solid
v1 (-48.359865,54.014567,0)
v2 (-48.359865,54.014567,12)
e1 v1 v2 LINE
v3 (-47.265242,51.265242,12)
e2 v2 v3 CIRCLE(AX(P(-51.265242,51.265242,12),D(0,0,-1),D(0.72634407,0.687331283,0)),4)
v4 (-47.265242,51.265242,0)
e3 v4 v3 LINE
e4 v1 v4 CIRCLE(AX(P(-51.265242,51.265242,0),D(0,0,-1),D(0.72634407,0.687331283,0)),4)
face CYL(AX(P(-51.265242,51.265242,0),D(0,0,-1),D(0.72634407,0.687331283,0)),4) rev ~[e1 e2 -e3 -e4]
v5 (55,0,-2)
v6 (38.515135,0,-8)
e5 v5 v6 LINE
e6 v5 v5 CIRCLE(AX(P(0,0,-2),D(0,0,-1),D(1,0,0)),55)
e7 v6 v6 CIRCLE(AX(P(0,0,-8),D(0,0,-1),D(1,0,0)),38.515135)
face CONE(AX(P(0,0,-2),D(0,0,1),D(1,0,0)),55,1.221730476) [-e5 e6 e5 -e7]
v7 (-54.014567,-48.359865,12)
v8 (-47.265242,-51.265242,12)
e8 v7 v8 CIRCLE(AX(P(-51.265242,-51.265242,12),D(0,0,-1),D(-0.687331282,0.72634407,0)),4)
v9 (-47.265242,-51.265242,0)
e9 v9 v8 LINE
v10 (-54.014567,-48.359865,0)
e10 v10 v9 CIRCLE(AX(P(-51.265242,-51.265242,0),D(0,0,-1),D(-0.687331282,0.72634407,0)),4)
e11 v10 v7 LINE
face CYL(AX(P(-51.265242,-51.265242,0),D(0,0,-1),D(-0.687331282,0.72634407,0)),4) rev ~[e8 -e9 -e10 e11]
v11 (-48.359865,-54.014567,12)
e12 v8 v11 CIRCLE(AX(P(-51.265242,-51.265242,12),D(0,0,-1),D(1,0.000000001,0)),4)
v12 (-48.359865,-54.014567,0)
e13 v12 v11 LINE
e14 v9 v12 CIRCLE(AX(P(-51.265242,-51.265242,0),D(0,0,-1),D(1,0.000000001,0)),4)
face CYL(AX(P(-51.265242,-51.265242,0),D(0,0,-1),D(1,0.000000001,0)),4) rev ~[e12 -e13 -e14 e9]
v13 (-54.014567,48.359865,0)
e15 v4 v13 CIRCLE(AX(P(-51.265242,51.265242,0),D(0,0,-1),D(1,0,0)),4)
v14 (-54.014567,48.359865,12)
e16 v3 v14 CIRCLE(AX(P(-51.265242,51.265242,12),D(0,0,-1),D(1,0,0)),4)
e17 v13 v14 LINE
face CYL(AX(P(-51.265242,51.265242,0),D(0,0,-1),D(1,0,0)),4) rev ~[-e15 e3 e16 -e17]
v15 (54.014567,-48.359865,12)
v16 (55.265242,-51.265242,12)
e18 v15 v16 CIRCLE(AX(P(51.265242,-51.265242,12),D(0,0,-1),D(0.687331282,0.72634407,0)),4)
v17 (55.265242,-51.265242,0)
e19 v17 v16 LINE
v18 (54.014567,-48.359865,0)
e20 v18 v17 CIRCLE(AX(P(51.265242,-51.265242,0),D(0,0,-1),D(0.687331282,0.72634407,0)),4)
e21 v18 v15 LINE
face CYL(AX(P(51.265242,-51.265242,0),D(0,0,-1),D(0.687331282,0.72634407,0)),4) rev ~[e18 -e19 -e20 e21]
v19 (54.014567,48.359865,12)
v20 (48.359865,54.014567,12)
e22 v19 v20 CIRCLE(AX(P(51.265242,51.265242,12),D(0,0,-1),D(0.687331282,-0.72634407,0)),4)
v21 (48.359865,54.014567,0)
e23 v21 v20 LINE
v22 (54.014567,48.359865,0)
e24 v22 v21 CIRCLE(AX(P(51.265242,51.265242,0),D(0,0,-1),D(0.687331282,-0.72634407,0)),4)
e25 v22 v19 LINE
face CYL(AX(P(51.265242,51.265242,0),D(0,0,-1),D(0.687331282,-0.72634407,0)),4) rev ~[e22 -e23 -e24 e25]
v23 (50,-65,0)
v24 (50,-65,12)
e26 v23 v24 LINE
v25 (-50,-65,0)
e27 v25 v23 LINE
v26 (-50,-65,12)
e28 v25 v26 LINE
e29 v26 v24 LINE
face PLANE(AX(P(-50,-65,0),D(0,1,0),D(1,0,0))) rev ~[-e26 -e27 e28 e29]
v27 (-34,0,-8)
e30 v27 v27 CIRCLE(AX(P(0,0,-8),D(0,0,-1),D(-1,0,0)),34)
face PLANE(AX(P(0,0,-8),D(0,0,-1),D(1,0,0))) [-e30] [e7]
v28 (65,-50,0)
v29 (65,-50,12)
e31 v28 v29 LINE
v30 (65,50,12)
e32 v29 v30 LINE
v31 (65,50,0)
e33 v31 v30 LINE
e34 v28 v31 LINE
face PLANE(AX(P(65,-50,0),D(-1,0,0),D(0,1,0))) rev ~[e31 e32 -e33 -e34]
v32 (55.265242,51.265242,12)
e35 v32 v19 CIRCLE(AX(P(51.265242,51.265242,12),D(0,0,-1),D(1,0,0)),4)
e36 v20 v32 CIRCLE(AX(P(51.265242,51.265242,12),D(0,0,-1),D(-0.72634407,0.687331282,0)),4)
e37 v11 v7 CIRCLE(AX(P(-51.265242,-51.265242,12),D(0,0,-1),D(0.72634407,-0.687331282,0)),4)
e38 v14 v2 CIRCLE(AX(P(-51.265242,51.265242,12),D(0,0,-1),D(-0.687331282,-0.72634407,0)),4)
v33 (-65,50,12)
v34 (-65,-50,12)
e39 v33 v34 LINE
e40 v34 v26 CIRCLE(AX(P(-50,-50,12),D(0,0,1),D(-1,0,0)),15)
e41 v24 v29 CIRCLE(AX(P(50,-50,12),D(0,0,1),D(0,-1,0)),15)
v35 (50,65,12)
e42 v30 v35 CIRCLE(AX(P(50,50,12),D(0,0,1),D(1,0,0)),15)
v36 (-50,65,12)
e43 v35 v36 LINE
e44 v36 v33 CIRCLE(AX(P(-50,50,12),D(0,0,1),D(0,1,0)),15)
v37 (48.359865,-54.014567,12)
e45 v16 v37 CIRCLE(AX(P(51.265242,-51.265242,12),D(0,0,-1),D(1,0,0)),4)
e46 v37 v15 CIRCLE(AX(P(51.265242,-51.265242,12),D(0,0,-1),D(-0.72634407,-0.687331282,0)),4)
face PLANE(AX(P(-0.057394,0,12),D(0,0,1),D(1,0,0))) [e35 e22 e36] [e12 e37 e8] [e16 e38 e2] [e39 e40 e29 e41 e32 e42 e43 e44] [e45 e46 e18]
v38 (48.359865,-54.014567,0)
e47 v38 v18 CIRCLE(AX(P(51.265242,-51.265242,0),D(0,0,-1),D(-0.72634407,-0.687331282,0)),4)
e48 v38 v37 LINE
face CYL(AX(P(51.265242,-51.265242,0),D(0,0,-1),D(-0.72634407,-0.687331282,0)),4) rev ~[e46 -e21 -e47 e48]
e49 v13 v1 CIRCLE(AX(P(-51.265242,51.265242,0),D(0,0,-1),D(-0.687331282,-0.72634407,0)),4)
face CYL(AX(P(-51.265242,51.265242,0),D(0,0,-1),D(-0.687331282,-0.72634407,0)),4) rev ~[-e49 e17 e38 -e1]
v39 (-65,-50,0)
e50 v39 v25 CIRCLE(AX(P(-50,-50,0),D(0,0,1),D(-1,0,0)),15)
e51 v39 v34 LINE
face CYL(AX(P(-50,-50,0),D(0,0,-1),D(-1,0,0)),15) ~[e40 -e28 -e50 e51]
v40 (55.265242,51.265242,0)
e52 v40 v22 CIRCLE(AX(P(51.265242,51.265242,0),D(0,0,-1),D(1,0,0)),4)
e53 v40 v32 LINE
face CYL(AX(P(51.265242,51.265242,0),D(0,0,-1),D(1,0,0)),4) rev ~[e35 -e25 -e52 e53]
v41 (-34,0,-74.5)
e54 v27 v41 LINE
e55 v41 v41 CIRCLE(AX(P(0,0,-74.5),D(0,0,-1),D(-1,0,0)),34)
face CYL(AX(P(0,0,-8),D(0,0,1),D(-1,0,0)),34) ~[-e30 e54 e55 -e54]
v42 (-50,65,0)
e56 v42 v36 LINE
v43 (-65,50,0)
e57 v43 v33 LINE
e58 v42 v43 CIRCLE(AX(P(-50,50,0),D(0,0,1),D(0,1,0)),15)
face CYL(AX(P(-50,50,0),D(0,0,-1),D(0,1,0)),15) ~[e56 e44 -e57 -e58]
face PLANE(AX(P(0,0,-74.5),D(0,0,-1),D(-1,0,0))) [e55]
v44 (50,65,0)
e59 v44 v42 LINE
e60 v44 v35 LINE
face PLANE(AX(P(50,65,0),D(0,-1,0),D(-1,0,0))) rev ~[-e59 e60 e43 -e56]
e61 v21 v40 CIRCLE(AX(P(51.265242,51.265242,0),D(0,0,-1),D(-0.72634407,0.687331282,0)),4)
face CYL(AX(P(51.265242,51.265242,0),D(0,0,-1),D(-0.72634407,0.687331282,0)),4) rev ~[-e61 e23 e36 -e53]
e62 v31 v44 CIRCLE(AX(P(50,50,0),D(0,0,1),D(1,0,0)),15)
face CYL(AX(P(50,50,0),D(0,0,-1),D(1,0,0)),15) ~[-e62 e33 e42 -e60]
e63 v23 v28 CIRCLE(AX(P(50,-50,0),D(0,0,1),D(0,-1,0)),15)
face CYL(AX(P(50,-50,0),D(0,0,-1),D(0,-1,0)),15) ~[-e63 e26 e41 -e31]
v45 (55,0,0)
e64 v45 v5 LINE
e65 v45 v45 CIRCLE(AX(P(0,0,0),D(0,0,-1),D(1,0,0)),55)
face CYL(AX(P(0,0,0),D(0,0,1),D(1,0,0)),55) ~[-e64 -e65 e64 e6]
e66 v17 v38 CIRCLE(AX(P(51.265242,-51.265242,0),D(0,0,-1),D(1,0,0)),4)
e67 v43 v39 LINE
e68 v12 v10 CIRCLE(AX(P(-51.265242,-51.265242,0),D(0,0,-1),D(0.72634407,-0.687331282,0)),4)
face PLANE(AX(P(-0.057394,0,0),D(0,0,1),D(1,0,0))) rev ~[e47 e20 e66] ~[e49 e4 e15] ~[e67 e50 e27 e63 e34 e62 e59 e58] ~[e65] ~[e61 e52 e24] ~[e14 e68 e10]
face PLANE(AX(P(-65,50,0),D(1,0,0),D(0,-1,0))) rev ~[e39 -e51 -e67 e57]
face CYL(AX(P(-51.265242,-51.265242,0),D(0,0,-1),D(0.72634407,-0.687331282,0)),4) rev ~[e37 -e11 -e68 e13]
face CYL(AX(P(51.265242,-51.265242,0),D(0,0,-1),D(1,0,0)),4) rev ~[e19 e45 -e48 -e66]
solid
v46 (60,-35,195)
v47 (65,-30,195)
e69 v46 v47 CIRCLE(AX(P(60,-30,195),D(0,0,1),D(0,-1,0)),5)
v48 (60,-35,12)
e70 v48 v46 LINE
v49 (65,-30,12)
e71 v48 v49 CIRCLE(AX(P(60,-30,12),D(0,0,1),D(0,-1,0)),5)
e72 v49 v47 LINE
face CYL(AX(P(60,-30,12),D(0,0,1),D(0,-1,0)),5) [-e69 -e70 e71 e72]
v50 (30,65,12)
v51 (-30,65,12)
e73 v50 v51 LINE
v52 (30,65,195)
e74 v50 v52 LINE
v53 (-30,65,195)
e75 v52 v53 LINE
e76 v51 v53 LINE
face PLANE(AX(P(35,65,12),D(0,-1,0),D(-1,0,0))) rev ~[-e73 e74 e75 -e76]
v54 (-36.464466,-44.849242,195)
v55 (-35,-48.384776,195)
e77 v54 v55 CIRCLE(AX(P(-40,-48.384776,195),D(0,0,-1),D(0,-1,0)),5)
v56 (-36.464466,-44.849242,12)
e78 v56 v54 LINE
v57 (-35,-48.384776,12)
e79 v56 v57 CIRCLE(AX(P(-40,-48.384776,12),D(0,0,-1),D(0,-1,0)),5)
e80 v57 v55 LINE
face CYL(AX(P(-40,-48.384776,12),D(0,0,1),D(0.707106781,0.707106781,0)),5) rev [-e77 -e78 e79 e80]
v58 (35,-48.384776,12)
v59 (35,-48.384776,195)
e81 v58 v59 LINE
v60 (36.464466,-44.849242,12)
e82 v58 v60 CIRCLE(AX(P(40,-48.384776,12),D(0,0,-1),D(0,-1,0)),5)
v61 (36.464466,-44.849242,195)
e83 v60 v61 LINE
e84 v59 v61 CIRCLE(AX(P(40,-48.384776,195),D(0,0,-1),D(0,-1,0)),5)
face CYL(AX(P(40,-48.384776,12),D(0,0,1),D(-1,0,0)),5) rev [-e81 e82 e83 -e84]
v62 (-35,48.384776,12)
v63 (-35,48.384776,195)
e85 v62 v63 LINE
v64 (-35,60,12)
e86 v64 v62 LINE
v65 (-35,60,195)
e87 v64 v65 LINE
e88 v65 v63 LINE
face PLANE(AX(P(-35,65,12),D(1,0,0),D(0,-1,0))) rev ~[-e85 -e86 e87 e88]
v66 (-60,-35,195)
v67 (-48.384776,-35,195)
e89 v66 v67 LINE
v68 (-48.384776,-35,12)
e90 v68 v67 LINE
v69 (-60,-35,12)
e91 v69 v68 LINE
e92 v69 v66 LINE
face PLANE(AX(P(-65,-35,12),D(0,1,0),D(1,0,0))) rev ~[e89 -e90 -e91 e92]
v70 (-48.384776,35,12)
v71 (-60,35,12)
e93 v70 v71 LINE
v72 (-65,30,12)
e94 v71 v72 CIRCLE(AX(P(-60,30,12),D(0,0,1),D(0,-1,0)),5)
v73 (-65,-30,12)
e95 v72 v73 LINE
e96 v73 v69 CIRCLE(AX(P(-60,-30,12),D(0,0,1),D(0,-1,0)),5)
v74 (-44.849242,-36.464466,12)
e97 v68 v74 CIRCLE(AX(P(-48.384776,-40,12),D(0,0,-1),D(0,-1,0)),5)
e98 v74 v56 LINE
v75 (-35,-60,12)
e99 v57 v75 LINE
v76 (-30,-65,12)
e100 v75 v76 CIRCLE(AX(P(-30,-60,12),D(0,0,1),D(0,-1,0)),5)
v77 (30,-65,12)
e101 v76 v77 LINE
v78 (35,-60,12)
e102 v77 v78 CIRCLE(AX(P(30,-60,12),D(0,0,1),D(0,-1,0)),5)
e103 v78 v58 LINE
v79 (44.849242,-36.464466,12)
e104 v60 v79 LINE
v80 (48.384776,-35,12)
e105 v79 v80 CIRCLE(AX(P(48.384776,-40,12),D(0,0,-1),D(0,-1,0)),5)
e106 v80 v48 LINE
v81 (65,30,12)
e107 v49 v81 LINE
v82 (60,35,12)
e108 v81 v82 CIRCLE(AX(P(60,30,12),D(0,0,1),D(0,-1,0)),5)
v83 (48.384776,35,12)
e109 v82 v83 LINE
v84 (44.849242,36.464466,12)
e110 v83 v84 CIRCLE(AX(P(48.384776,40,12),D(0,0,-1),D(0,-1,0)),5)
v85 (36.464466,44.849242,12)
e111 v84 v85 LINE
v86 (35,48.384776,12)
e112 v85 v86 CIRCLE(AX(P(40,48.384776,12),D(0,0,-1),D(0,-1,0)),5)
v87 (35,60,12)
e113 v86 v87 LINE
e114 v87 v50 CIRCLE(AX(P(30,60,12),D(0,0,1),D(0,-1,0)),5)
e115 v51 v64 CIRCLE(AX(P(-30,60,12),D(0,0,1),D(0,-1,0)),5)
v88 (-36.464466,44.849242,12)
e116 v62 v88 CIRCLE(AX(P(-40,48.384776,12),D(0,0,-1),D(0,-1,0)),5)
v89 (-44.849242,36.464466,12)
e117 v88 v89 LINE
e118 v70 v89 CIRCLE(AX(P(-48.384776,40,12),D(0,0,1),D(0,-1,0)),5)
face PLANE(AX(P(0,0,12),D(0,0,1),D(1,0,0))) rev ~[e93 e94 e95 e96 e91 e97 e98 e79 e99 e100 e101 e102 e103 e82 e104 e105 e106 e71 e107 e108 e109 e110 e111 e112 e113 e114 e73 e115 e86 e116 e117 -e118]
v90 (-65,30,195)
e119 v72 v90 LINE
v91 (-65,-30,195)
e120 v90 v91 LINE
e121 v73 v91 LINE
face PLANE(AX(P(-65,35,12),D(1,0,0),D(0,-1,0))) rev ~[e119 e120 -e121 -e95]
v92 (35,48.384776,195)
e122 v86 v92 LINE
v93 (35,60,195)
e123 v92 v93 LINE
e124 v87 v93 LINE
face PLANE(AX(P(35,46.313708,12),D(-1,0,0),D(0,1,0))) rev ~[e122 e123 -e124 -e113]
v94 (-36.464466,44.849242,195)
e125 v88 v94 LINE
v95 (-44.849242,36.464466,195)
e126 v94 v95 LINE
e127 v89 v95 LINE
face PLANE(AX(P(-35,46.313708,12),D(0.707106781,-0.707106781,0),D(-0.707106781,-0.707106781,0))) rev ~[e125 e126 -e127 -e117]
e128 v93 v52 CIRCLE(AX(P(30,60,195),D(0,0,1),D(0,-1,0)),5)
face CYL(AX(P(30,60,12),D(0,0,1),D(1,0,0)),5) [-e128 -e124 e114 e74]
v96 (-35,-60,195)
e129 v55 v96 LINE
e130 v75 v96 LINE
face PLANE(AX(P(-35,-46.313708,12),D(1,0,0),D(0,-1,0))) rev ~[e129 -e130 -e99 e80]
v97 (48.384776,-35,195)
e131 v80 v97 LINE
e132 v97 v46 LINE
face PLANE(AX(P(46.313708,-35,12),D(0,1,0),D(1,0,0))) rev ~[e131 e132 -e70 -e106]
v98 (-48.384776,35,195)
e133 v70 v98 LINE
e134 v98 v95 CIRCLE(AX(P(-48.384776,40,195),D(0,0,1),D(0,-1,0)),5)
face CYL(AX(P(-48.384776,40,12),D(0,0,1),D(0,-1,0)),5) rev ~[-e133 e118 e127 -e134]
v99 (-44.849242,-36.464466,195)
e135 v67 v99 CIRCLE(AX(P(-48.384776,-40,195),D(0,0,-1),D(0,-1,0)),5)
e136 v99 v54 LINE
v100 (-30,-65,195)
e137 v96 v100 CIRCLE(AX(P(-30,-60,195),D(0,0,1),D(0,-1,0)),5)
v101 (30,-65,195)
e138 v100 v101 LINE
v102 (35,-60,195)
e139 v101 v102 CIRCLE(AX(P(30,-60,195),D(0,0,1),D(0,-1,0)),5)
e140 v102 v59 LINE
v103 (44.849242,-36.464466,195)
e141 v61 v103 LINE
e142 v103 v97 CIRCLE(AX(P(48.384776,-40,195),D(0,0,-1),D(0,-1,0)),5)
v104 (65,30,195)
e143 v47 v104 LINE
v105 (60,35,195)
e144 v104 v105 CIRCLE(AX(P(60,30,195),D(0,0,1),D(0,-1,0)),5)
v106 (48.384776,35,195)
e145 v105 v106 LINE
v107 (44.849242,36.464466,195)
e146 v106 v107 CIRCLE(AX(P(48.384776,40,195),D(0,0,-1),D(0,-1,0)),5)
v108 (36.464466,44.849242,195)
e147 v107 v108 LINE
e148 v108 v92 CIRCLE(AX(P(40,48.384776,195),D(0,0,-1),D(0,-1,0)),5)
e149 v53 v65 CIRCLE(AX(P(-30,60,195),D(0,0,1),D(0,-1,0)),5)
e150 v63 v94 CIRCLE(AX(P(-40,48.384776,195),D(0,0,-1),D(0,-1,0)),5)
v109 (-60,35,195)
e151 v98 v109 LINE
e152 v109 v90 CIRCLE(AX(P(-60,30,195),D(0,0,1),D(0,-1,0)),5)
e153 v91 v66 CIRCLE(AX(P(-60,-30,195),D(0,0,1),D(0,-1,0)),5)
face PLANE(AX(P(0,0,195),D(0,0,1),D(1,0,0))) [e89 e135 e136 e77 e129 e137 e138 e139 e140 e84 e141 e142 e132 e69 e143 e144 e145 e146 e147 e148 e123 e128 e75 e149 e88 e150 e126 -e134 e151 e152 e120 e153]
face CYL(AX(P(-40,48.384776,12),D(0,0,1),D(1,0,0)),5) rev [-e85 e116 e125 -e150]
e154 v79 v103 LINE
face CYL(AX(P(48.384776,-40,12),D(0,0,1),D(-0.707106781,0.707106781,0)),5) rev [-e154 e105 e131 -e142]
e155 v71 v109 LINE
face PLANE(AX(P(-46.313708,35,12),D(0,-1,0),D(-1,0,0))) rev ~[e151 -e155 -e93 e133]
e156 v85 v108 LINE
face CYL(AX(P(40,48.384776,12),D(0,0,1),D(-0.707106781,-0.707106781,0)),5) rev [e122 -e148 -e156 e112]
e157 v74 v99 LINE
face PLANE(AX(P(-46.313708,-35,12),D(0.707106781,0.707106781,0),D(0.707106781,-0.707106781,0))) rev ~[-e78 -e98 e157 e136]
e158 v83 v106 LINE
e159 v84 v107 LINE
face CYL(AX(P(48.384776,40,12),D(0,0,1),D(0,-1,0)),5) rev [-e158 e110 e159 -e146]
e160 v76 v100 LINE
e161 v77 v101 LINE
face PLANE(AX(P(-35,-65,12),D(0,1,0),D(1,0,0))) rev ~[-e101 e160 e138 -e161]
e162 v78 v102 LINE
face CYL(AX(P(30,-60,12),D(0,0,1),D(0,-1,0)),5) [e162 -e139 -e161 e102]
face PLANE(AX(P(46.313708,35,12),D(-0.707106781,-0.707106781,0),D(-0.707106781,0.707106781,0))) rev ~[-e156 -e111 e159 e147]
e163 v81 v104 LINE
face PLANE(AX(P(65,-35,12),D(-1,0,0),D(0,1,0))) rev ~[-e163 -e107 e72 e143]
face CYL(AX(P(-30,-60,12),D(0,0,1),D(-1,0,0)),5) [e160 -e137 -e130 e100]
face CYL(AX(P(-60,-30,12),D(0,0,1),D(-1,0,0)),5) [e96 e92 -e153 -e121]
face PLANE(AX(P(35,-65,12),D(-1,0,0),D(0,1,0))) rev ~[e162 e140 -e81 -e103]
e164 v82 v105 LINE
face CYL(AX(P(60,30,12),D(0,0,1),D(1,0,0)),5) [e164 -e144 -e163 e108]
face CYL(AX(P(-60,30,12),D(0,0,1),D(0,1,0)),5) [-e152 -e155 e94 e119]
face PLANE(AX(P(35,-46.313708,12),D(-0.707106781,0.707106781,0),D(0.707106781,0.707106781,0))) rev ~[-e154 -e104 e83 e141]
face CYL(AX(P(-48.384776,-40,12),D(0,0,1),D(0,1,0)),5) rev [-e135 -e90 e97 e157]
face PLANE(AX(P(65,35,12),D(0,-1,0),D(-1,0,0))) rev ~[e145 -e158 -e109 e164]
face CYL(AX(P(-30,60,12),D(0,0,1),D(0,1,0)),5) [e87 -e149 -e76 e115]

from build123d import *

# Parameters (mm, degrees)
BOSS_EXTRUDE1_DEPTH = 12
BOSS_EXTRUDE2_DEPTH = 183
FILLET1_R           = 5
SKETCH4_R           = 55
BOSS_EXTRUDE4_DEPTH = 8
CHAMFER1_SIZE       = 6
CHAMFER1_SIZE2      = 16.484864517
SKETCH3_R           = 34
BOSS_EXTRUDE3_DEPTH = 66.5


with BuildPart() as part:
    # Sketch1 → Boss-Extrude1 (new body)
    with BuildSketch(Plane.XY):
        with BuildLine():
            Line((32.113081447, 65), (-32.113081447, 65))
            ThreePointArc((-32.113081447, 65), (-40.60965067, 60.059189742), (-48.359865355, 54.014566765))
            ThreePointArc((-48.359865355, 54.014566765), (-47.548959547, 52.744852206), (-47.265241636, 51.265241636))
            ThreePointArc((-47.265241636, 51.265241636), (-49.683676038, 47.591190703), (-54.014566765, 48.359865355))
            ThreePointArc((-54.014566765, 48.359865355), (-60.059189742, 40.60965067), (-65, 32.113081447))
            Line((-65, 32.113081447), (-65, -32.113081447))
            ThreePointArc((-65, -32.113081447), (-60.059189742, -40.60965067), (-54.014566765, -48.359865355))
            ThreePointArc((-54.014566765, -48.359865355), (-49.683676038, -47.591190703), (-47.265241636, -51.265241636))
            ThreePointArc((-47.265241636, -51.265241636), (-47.548959547, -52.744852206), (-48.359865355, -54.014566765))
            ThreePointArc((-48.359865355, -54.014566765), (-40.60965067, -60.059189742), (-32.113081447, -65))
            Line((-32.113081447, -65), (32.113081447, -65))
            ThreePointArc((32.113081447, -65), (40.60965067, -60.059189742), (48.359865355, -54.014566765))
            ThreePointArc((48.359865355, -54.014566765), (48.436814511, -48.436814511), (54.014566765, -48.359865355))
            ThreePointArc((54.014566765, -48.359865355), (60.059189742, -40.60965067), (65, -32.113081447))
            Line((65, -32.113081447), (65, 32.113081447))
            ThreePointArc((65, 32.113081447), (60.059189742, 40.60965067), (54.014566765, 48.359865355))
            ThreePointArc((54.014566765, 48.359865355), (48.436814511, 48.436814511), (48.359865355, 54.014566765))
            ThreePointArc((48.359865355, 54.014566765), (40.60965067, 60.059189742), (32.113081447, 65))
        make_face()
        with BuildLine():
            Line((-32.113081447, 65), (-50, 65))
            ThreePointArc((-50, 65), (-60.606601718, 60.606601718), (-65, 50))
            Line((-65, 50), (-65, 32.113081447))
            ThreePointArc((-65, 32.113081447), (-60.059189742, 40.60965067), (-54.014566765, 48.359865355))
            ThreePointArc((-54.014566765, 48.359865355), (-54.093668761, 54.093668761), (-48.359865355, 54.014566765))
            ThreePointArc((-48.359865355, 54.014566765), (-40.60965067, 60.059189742), (-32.113081447, 65))
        make_face()
        with BuildLine():
            ThreePointArc((-54.014566765, -48.359865355), (-60.059189742, -40.60965067), (-65, -32.113081447))
            Line((-65, -32.113081447), (-65, -50))
            ThreePointArc((-65, -50), (-60.606601718, -60.606601718), (-50, -65))
            Line((-50, -65), (-32.113081447, -65))
            ThreePointArc((-32.113081447, -65), (-40.60965067, -60.059189742), (-48.359865355, -54.014566765))
            ThreePointArc((-48.359865355, -54.014566765), (-54.093668761, -54.093668761), (-54.014566765, -48.359865355))
        make_face()
        with BuildLine():
            Line((65, -50), (65, -32.113081447))
            ThreePointArc((65, -32.113081447), (60.059189742, -40.60965067), (54.014566765, -48.359865355))
            ThreePointArc((54.014566765, -48.359865355), (54.939292569, -49.683676038), (55.265241636, -51.265241636))
            ThreePointArc((55.265241636, -51.265241636), (52.744852206, -54.981523725), (48.359865355, -54.014566765))
            ThreePointArc((48.359865355, -54.014566765), (40.60965067, -60.059189742), (32.113081447, -65))
            Line((32.113081447, -65), (50, -65))
            ThreePointArc((50, -65), (60.606601718, -60.606601718), (65, -50))
        make_face()
        with BuildLine():
            Line((50, 65), (32.113081447, 65))
            ThreePointArc((32.113081447, 65), (40.60965067, 60.059189742), (48.359865355, 54.014566765))
            ThreePointArc((48.359865355, 54.014566765), (52.744852206, 54.981523725), (55.265241636, 51.265241636))
            ThreePointArc((55.265241636, 51.265241636), (54.939292569, 49.683676038), (54.014566765, 48.359865355))
            ThreePointArc((54.014566765, 48.359865355), (60.059189742, 40.60965067), (65, 32.113081447))
            Line((65, 32.113081447), (65, 50))
            ThreePointArc((65, 50), (60.606601718, 60.606601718), (50, 65))
        make_face()
    extrude(amount=BOSS_EXTRUDE1_DEPTH)

    # Sketch4 → Boss-Extrude4 (add)
    with BuildSketch(Plane(origin=(0, 0, 0), x_dir=(-1, 0, 0), z_dir=(0, 0, -1))):
        with Locations(Location((0, 0, 0), (0, 0, 180))):
            Circle(SKETCH4_R)
    extrude(amount=BOSS_EXTRUDE4_DEPTH)

    # Chamfer1
    chamfer1_edges = [part.edges().sort_by_distance(p)[0] for p in [
        (-55, 0, -8),
    ]]
    chamfer1_side = [part.faces().sort_by_distance(p)[0] for p in [
        (-55, 0, -4),
    ]]
    chamfer(chamfer1_edges, length=CHAMFER1_SIZE, length2=CHAMFER1_SIZE2, reference=chamfer1_side[0])

    # Sketch3 → Boss-Extrude3 (add)
    with BuildSketch(Plane(origin=(0, 0, -8), x_dir=(-1, 0, 0), z_dir=(0, 0, -1))):
        Circle(SKETCH3_R)
    extrude(amount=BOSS_EXTRUDE3_DEPTH)


with BuildPart() as body_2:
    # Sketch2 → Boss-Extrude2 (new body)
    with BuildSketch(Plane.XY.offset(12)):
        Polygon((-46.313708499, 35), (-65, 35), (-65, -35), (-46.313708499, -35), (-35, -46.313708499), (-35, -65), (35, -65), (35, -46.313708499), (46.313708499, -35), (65, -35), (65, 35), (46.313708499, 35), (35, 46.313708499), (35, 65), (-35, 65), (-35, 46.313708499), align=None)
    extrude(amount=BOSS_EXTRUDE2_DEPTH)

    # Fillet1
    fillet1_edges = [body_2.edges().sort_by_distance(p)[0] for p in [
        (-65, 35, 103.5),
        (-46.313708499, 35, 103.5),
        (-35, 46.313708499, 103.5),
        (-35, 65, 103.5),
        (35, 65, 103.5),
        (35, 46.313708499, 103.5),
        (46.313708499, 35, 103.5),
        (65, 35, 103.5),
        (65, -35, 103.5),
        (46.313708499, -35, 103.5),
        (35, -46.313708499, 103.5),
        (35, -65, 103.5),
        (-35, -65, 103.5),
        (-35, -46.313708499, 103.5),
        (-46.313708499, -35, 103.5),
        (-65, -35, 103.5),
    ]]
    fillet(fillet1_edges, radius=FILLET1_R)


solid = Compound([part.part, body_2.part])
